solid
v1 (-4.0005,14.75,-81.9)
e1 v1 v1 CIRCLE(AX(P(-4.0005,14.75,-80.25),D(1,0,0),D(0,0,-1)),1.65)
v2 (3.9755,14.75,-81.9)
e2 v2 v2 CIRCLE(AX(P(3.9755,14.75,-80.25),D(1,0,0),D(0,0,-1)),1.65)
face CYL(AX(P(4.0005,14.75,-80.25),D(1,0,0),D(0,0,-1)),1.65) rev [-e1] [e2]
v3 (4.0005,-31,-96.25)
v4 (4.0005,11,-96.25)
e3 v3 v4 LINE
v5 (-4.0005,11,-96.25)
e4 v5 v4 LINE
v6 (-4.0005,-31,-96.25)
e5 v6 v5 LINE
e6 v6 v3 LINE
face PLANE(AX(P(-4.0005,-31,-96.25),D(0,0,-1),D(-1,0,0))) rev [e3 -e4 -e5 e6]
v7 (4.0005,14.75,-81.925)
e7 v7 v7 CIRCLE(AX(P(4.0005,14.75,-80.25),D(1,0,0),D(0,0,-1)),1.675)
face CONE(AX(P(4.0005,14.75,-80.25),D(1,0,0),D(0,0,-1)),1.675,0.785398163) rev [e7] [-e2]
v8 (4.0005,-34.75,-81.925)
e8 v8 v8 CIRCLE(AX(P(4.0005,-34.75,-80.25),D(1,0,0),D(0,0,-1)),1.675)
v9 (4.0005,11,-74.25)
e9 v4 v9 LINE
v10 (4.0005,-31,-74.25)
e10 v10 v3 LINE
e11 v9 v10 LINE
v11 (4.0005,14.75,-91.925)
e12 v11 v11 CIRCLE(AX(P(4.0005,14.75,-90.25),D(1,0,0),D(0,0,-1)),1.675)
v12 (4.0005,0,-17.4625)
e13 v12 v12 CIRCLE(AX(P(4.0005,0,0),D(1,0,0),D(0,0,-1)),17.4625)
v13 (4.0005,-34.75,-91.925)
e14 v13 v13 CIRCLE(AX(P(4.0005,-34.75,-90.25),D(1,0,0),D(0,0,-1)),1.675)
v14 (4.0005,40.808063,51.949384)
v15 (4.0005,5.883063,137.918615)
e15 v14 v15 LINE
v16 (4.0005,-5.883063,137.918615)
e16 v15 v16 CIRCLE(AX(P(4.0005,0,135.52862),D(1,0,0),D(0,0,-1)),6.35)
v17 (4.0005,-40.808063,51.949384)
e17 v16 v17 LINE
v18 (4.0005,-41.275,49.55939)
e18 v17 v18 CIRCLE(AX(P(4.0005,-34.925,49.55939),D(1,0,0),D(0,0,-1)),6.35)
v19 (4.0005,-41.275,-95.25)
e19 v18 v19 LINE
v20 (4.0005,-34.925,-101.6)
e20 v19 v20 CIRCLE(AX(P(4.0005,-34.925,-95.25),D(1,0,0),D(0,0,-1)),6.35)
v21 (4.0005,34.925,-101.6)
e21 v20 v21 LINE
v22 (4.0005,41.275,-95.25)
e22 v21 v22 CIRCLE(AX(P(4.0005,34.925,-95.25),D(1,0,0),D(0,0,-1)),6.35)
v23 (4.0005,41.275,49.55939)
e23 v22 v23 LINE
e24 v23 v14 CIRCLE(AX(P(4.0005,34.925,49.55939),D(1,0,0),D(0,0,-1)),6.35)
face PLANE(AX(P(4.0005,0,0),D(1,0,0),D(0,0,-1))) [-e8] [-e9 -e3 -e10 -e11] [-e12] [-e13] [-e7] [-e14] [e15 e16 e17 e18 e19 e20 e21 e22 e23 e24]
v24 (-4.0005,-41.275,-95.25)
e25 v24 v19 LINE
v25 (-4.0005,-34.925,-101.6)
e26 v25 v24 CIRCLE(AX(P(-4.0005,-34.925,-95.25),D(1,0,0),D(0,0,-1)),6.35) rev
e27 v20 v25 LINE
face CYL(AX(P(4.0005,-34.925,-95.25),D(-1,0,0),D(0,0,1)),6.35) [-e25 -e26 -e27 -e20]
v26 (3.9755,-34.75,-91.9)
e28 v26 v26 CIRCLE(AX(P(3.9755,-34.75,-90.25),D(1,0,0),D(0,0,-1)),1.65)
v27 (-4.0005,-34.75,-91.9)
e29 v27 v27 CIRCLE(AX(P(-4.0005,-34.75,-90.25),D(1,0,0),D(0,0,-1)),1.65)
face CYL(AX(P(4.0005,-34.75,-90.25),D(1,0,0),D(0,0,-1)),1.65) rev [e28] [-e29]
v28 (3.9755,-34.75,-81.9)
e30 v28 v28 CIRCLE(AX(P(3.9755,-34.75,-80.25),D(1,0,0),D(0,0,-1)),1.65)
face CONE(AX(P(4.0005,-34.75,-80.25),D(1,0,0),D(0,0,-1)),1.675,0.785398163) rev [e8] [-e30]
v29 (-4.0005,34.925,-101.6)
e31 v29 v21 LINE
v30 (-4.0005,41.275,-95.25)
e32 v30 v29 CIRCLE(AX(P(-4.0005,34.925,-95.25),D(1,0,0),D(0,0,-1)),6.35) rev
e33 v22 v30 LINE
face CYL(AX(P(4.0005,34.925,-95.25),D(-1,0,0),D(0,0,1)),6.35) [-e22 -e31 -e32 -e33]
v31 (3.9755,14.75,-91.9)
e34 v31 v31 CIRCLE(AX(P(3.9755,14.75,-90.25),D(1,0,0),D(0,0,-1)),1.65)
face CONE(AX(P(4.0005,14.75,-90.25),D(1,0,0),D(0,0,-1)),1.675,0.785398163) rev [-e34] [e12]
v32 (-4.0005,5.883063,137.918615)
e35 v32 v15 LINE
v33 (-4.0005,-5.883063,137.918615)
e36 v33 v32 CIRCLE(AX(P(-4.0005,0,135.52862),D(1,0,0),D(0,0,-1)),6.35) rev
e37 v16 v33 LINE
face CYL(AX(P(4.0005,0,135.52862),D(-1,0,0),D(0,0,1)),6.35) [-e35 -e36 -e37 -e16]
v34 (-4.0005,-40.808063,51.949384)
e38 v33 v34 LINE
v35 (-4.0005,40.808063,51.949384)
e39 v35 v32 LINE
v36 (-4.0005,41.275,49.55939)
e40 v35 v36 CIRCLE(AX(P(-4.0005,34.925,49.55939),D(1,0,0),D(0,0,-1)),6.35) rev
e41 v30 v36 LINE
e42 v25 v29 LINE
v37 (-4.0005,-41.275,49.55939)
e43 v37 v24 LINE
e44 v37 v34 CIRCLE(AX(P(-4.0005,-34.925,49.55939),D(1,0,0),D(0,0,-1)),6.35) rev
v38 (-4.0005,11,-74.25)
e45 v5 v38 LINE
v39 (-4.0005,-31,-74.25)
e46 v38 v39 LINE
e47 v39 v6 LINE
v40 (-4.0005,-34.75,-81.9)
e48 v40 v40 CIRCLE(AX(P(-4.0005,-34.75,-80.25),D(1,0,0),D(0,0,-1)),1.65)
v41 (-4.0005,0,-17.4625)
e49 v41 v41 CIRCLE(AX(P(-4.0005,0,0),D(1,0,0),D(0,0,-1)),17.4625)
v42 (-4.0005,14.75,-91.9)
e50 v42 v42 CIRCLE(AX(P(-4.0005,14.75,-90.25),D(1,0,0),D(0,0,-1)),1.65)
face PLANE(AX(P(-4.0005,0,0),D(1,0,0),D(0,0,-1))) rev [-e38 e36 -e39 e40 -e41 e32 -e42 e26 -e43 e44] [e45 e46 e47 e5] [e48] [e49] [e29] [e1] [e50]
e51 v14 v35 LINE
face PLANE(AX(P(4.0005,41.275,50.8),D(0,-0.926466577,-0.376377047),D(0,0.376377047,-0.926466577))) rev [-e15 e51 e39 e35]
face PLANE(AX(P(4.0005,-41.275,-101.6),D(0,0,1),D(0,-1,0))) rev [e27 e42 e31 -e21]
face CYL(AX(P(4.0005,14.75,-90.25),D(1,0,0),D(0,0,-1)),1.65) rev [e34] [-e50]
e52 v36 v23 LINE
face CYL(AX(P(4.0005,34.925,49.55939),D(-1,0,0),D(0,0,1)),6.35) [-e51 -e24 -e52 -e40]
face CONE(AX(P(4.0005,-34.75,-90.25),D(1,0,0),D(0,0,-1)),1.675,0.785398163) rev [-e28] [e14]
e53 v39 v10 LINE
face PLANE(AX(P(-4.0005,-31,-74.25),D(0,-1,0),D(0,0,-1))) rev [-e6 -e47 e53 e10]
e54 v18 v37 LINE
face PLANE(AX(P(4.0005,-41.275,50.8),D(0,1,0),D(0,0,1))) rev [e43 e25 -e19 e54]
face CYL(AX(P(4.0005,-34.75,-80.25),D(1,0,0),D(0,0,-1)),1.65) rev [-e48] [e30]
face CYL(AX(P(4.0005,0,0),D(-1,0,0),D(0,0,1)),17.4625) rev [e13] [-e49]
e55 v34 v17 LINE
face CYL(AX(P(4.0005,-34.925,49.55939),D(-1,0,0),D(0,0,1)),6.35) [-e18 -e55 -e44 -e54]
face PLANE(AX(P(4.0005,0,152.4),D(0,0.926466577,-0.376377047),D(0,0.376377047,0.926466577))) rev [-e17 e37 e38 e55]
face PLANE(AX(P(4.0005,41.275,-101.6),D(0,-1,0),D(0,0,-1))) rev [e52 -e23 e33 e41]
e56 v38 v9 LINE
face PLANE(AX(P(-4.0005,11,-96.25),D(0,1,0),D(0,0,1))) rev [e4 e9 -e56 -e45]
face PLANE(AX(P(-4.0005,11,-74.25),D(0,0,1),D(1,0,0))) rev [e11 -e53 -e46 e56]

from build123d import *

# Parameters (mm, degrees)
SKETCH1_R                             = 17.4625
BOSS_EXTRUDE2_DEPTH                   = 4.0005
FILLET1_R                             = 6.35
TAP_DRILL_FOR_M4X0_7_TAP1_D           = 3.3
TAP_DRILL_FOR_M4X0_7_TAP1_CSINK_D     = 3.35
TAP_DRILL_FOR_M4X0_7_TAP1_CSINK_ANGLE = 90
SKETCH5_W                             = 42
SKETCH5_H                             = 22
CUT_EXTRUDE1_DEPTH                    = 148.97697313


with BuildPart() as part:
    # Sketch1 → Boss-Extrude2 (new, symmetric)
    with BuildSketch(Plane.YZ):
        Polygon((-41.275, 50.8), (-41.275, -101.6), (41.275, -101.6), (41.275, 50.8), (0, 152.4), align=None)
        with Locations(Location((0, 0, 0), (0, 0, 270))):
            Circle(SKETCH1_R, mode=Mode.SUBTRACT)
    extrude(amount=BOSS_EXTRUDE2_DEPTH, both=True)

    # Fillet1
    fillet1_edges = [part.edges().sort_by_distance(p)[0] for p in [
        (0, 0, 152.4),
        (0, 41.275, 50.8),
        (0, 41.275, -101.6),
        (0, -41.275, -101.6),
        (0, -41.275, 50.8),
    ]]
    fillet(fillet1_edges, radius=FILLET1_R)

    # Tap Drill for M4x0.7 Tap1 (through all)
    with Locations(Plane.YZ.offset(4.0005)):
        with Locations((-34.75, -80.25), (-34.75, -90.25), (14.75, -80.25), (14.75, -90.25)):
            CounterSinkHole(TAP_DRILL_FOR_M4X0_7_TAP1_D / 2, TAP_DRILL_FOR_M4X0_7_TAP1_CSINK_D / 2, counter_sink_angle=TAP_DRILL_FOR_M4X0_7_TAP1_CSINK_ANGLE)

    # Sketch5 → Cut-Extrude1 (cut, through all)
    with BuildSketch(Plane.YZ.offset(4.0005)):
        with Locations((-10, -85.25)):
            Rectangle(SKETCH5_W, SKETCH5_H)
    extrude(amount=-CUT_EXTRUDE1_DEPTH, mode=Mode.SUBTRACT)


solid = part.part
